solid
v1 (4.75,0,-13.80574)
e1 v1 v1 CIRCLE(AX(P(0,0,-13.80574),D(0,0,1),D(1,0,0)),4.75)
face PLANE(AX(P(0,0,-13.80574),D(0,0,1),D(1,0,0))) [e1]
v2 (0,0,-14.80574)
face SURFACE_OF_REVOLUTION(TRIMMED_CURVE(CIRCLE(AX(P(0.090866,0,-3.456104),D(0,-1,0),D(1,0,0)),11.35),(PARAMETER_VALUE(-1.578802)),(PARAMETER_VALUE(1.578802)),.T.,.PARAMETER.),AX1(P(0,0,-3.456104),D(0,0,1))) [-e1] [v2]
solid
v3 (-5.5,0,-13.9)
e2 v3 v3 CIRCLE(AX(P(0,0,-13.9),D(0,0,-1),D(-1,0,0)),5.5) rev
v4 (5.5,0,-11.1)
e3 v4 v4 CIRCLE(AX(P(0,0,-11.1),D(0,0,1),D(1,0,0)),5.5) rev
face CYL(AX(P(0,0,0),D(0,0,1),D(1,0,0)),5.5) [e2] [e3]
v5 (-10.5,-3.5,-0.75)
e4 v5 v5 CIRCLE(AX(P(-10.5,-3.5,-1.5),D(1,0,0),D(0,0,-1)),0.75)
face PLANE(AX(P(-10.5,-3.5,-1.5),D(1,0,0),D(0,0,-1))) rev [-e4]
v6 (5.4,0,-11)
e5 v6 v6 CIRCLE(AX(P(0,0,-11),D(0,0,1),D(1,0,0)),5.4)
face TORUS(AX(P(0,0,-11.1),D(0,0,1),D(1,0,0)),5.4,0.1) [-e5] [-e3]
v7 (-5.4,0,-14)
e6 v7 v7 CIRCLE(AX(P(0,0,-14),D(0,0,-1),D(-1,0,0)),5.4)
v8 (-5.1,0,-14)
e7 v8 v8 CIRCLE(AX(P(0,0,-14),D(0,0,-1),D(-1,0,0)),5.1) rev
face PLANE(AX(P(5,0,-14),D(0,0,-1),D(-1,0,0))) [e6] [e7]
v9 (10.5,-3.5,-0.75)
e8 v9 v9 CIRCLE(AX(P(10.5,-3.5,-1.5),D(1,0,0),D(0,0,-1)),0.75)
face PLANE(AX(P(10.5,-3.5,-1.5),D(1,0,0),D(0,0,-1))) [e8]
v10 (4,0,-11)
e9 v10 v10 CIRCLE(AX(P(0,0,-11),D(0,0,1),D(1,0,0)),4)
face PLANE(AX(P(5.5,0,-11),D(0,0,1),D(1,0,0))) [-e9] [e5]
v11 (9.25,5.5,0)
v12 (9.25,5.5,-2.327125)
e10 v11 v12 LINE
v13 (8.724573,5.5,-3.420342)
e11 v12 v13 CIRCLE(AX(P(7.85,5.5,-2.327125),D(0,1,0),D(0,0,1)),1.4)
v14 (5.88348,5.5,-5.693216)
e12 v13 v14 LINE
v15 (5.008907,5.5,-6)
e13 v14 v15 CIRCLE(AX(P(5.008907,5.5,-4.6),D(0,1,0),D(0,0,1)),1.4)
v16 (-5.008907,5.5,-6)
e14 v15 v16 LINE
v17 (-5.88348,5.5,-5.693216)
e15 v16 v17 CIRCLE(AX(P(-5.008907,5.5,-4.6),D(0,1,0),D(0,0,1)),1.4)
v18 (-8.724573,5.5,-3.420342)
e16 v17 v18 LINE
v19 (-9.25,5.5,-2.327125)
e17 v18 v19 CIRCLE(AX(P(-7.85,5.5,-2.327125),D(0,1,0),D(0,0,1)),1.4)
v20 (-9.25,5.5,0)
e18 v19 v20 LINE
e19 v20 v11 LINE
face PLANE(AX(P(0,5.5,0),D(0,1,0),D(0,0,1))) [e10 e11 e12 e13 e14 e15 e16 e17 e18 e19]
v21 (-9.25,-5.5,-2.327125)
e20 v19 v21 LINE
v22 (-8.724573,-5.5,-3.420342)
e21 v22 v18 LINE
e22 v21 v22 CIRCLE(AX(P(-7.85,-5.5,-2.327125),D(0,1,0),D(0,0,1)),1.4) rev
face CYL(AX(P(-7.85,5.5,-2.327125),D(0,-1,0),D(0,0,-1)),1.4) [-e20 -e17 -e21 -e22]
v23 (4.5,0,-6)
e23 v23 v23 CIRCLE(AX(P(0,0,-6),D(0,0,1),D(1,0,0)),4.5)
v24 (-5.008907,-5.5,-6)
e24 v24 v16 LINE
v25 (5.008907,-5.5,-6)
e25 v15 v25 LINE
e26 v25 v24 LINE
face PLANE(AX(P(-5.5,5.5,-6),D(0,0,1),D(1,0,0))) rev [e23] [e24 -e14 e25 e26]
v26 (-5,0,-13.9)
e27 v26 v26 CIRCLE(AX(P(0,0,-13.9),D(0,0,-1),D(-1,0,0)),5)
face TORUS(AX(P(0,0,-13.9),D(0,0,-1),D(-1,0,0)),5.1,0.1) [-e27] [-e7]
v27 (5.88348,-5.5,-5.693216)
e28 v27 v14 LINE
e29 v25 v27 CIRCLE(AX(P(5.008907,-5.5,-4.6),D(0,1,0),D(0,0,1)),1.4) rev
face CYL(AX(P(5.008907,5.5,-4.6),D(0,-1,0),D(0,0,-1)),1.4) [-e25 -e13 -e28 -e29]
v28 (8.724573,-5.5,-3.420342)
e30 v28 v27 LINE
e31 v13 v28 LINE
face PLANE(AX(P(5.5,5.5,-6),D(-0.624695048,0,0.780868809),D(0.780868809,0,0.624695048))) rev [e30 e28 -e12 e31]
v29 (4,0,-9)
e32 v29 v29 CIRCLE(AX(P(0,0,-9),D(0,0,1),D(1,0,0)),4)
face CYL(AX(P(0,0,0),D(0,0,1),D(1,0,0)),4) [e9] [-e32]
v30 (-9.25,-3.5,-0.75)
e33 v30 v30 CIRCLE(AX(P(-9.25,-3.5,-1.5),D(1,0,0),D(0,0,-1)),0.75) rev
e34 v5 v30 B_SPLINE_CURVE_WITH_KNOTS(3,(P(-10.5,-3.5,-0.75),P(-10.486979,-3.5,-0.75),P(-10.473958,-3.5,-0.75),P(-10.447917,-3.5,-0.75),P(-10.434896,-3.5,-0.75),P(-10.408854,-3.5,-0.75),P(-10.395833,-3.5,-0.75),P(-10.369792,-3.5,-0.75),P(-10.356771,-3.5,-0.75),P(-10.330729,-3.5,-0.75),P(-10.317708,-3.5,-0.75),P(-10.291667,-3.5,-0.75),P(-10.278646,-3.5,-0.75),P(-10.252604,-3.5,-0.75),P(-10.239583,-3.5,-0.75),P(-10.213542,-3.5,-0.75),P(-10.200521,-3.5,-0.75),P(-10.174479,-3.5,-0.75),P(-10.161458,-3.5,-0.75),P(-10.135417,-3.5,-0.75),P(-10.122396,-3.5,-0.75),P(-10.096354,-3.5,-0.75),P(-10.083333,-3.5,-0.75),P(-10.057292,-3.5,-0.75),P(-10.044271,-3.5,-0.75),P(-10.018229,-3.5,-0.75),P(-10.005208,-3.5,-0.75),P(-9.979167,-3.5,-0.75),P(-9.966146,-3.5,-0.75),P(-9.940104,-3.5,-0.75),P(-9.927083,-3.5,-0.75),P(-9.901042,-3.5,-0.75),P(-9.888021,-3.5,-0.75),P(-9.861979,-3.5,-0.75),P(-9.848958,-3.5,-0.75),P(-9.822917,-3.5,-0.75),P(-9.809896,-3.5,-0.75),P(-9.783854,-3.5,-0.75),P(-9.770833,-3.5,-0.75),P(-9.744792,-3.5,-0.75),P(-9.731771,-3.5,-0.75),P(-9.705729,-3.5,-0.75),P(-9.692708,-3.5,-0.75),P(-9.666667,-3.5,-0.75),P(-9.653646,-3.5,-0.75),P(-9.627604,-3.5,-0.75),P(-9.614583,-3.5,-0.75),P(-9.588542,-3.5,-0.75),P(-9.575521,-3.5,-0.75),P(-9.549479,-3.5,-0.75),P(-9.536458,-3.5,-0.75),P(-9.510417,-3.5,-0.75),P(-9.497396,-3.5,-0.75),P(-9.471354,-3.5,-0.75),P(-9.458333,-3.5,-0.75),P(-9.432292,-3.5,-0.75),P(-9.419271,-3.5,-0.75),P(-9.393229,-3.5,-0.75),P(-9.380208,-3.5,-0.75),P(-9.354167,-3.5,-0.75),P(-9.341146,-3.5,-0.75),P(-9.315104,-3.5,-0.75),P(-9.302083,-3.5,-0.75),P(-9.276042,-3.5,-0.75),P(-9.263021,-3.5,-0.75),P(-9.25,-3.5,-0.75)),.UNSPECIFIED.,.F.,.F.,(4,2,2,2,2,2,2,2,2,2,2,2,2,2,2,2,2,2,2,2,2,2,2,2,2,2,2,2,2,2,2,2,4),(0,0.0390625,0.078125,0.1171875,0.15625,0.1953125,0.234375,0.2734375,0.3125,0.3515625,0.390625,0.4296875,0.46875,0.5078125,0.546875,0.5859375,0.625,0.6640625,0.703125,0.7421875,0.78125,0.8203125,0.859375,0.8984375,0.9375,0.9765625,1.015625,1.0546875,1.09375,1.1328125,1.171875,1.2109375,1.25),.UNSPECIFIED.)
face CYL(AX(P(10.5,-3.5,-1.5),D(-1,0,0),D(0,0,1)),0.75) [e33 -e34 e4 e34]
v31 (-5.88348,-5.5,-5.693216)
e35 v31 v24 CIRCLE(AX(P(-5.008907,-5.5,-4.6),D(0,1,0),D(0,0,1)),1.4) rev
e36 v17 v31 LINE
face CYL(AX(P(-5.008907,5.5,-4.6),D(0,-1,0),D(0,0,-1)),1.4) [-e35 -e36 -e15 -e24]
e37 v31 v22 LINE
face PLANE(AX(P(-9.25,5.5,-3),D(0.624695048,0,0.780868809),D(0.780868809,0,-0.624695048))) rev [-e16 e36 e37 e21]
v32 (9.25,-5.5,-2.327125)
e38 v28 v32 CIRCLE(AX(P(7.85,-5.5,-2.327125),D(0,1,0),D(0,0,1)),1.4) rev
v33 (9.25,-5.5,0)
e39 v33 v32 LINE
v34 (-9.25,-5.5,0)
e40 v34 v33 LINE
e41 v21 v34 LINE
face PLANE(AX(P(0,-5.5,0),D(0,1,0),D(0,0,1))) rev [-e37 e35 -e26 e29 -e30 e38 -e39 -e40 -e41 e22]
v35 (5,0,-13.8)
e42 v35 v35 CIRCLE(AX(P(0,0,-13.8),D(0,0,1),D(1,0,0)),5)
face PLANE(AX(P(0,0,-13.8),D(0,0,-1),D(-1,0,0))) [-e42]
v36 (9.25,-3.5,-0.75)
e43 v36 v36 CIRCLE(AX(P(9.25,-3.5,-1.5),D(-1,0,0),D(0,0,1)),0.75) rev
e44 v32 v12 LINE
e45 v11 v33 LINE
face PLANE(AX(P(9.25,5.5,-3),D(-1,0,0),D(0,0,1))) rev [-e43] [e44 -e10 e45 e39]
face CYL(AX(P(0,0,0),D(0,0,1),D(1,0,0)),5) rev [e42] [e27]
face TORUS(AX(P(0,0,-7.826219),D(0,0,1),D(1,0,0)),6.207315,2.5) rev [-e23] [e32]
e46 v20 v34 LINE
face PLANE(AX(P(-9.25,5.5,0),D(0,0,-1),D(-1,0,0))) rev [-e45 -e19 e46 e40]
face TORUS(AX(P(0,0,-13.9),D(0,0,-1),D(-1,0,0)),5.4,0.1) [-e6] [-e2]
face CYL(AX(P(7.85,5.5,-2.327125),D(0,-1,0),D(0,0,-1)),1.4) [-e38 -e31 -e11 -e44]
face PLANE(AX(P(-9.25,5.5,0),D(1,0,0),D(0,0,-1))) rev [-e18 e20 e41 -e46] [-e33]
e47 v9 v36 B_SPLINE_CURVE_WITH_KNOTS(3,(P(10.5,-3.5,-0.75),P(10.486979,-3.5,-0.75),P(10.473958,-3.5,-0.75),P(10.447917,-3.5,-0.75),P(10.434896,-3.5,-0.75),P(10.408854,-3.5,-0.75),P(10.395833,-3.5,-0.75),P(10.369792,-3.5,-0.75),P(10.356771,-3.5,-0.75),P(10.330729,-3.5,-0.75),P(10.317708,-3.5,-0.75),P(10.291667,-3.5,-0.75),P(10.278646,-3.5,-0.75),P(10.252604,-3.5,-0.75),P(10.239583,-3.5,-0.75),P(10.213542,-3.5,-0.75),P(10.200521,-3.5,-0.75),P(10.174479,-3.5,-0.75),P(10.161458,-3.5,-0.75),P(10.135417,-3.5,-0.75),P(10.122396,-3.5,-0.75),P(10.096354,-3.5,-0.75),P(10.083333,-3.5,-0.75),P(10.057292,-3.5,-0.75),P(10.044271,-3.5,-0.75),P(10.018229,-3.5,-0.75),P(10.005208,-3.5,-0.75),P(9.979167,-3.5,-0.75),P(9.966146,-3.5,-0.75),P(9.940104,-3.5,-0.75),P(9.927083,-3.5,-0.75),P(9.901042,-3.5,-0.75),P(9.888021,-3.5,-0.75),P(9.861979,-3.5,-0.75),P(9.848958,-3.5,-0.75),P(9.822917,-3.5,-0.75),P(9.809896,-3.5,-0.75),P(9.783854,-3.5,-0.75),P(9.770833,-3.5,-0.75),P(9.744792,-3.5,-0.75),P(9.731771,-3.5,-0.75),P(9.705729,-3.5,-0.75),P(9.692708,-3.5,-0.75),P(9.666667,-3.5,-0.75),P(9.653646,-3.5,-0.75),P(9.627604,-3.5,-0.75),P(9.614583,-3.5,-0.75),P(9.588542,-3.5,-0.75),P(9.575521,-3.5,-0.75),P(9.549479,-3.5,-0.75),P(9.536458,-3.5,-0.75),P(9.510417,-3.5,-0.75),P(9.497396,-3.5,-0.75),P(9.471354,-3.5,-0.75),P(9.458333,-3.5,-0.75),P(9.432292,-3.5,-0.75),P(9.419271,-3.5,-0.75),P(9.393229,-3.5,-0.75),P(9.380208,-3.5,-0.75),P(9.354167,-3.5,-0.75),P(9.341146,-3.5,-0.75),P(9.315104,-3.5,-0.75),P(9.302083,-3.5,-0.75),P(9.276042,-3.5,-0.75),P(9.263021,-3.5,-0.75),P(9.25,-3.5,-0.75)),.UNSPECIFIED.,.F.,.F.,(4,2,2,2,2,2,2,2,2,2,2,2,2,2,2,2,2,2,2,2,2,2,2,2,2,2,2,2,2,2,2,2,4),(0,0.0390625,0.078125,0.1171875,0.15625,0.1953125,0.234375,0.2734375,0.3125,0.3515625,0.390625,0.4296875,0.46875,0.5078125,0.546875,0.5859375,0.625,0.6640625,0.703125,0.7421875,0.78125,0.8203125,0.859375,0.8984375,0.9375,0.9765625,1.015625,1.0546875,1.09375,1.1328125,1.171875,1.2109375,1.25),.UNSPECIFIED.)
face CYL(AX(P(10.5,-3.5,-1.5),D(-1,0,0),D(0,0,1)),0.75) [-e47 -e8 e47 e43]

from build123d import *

# Parameters (mm, degrees)
BOSS_EXTRUDE1_DEPTH = 5.5
SKETCH5_R           = 0.75
BOSS_EXTRUDE2_DEPTH = 10.5
FILLET1_R           = 0.1
FILLET2_R           = 1.4


with BuildPart() as part:
    # Sketch1 → Boss-Extrude1 (new, symmetric)
    with BuildSketch(Plane(origin=(0, 0, 0), x_dir=(1, 0, 0), z_dir=(0, 1, 0))):
        Polygon((-9.25, 0), (9.25, 0), (9.25, 3), (5.5, 6), (-5.5, 6), (-9.25, 3), align=None)
    extrude(amount=BOSS_EXTRUDE1_DEPTH, both=True)

    # Sketch3 → Revolve2 (revolve)
    with BuildSketch(Plane(origin=(0, 0, 0), x_dir=(1, 0, 0), z_dir=(0, 1, 0))):
        with BuildLine():
            Line((4.5, 6), (0, 6))
            Line((0, 6), (0, 13.8))
            Line((0, 13.8), (5, 13.8))
            Line((5, 13.8), (5, 14))
            Line((5, 14), (5.5, 14))
            Line((5.5, 14), (5.5, 11))
            Line((5.5, 11), (4, 11))
            Line((4, 11), (4, 9))
            ThreePointArc((4, 9), (3.741329953, 7.415221659), (4.5, 6))
        make_face()
    revolve(axis=Axis((0, 0, 0), (0, 0, -1)))

    # Sketch5 → Boss-Extrude2 (add, symmetric)
    with BuildSketch(Plane(origin=(0, 0, 0), x_dir=(0, 0, -1), z_dir=(1, 0, 0))):
        with Locations(Location((1.5, -3.5, 0), (0, 0, 180))):
            Circle(SKETCH5_R)
    extrude(amount=BOSS_EXTRUDE2_DEPTH, both=True)

    # Fillet1
    fillet1_edges = [part.edges().sort_by_distance(p)[0] for p in [
        (-5.5, 0, -11),
        (-5.5, 0, -14),
        (-5, 0, -14),
    ]]
    fillet(fillet1_edges, radius=FILLET1_R)

    # Fillet2
    fillet2_edges = [part.edges().sort_by_distance(p)[0] for p in [
        (-9.25, 0, -3),
        (-5.5, 0, -6),
        (5.5, 0, -6),
        (9.25, 0, -3),
    ]]
    fillet(fillet2_edges, radius=FILLET2_R)


with BuildPart() as body_2:
    # Sketch4 → Revolve3 (revolve)
    with BuildSketch(Plane(origin=(0, 0, 0), x_dir=(1, 0, 0), z_dir=(0, 1, 0))):
        with BuildLine():
            Line((0, 13.805740022), (0, 14.805740022))
            ThreePointArc((0, 14.805740022), (2.429085009, 14.562643816), (4.75, 13.805740022))
            Line((4.75, 13.805740022), (0, 13.805740022))
        make_face()
    revolve(axis=Axis((0, 0, -13.805740022), (0, 0, -1)))


solid = Compound([part.part, body_2.part])
